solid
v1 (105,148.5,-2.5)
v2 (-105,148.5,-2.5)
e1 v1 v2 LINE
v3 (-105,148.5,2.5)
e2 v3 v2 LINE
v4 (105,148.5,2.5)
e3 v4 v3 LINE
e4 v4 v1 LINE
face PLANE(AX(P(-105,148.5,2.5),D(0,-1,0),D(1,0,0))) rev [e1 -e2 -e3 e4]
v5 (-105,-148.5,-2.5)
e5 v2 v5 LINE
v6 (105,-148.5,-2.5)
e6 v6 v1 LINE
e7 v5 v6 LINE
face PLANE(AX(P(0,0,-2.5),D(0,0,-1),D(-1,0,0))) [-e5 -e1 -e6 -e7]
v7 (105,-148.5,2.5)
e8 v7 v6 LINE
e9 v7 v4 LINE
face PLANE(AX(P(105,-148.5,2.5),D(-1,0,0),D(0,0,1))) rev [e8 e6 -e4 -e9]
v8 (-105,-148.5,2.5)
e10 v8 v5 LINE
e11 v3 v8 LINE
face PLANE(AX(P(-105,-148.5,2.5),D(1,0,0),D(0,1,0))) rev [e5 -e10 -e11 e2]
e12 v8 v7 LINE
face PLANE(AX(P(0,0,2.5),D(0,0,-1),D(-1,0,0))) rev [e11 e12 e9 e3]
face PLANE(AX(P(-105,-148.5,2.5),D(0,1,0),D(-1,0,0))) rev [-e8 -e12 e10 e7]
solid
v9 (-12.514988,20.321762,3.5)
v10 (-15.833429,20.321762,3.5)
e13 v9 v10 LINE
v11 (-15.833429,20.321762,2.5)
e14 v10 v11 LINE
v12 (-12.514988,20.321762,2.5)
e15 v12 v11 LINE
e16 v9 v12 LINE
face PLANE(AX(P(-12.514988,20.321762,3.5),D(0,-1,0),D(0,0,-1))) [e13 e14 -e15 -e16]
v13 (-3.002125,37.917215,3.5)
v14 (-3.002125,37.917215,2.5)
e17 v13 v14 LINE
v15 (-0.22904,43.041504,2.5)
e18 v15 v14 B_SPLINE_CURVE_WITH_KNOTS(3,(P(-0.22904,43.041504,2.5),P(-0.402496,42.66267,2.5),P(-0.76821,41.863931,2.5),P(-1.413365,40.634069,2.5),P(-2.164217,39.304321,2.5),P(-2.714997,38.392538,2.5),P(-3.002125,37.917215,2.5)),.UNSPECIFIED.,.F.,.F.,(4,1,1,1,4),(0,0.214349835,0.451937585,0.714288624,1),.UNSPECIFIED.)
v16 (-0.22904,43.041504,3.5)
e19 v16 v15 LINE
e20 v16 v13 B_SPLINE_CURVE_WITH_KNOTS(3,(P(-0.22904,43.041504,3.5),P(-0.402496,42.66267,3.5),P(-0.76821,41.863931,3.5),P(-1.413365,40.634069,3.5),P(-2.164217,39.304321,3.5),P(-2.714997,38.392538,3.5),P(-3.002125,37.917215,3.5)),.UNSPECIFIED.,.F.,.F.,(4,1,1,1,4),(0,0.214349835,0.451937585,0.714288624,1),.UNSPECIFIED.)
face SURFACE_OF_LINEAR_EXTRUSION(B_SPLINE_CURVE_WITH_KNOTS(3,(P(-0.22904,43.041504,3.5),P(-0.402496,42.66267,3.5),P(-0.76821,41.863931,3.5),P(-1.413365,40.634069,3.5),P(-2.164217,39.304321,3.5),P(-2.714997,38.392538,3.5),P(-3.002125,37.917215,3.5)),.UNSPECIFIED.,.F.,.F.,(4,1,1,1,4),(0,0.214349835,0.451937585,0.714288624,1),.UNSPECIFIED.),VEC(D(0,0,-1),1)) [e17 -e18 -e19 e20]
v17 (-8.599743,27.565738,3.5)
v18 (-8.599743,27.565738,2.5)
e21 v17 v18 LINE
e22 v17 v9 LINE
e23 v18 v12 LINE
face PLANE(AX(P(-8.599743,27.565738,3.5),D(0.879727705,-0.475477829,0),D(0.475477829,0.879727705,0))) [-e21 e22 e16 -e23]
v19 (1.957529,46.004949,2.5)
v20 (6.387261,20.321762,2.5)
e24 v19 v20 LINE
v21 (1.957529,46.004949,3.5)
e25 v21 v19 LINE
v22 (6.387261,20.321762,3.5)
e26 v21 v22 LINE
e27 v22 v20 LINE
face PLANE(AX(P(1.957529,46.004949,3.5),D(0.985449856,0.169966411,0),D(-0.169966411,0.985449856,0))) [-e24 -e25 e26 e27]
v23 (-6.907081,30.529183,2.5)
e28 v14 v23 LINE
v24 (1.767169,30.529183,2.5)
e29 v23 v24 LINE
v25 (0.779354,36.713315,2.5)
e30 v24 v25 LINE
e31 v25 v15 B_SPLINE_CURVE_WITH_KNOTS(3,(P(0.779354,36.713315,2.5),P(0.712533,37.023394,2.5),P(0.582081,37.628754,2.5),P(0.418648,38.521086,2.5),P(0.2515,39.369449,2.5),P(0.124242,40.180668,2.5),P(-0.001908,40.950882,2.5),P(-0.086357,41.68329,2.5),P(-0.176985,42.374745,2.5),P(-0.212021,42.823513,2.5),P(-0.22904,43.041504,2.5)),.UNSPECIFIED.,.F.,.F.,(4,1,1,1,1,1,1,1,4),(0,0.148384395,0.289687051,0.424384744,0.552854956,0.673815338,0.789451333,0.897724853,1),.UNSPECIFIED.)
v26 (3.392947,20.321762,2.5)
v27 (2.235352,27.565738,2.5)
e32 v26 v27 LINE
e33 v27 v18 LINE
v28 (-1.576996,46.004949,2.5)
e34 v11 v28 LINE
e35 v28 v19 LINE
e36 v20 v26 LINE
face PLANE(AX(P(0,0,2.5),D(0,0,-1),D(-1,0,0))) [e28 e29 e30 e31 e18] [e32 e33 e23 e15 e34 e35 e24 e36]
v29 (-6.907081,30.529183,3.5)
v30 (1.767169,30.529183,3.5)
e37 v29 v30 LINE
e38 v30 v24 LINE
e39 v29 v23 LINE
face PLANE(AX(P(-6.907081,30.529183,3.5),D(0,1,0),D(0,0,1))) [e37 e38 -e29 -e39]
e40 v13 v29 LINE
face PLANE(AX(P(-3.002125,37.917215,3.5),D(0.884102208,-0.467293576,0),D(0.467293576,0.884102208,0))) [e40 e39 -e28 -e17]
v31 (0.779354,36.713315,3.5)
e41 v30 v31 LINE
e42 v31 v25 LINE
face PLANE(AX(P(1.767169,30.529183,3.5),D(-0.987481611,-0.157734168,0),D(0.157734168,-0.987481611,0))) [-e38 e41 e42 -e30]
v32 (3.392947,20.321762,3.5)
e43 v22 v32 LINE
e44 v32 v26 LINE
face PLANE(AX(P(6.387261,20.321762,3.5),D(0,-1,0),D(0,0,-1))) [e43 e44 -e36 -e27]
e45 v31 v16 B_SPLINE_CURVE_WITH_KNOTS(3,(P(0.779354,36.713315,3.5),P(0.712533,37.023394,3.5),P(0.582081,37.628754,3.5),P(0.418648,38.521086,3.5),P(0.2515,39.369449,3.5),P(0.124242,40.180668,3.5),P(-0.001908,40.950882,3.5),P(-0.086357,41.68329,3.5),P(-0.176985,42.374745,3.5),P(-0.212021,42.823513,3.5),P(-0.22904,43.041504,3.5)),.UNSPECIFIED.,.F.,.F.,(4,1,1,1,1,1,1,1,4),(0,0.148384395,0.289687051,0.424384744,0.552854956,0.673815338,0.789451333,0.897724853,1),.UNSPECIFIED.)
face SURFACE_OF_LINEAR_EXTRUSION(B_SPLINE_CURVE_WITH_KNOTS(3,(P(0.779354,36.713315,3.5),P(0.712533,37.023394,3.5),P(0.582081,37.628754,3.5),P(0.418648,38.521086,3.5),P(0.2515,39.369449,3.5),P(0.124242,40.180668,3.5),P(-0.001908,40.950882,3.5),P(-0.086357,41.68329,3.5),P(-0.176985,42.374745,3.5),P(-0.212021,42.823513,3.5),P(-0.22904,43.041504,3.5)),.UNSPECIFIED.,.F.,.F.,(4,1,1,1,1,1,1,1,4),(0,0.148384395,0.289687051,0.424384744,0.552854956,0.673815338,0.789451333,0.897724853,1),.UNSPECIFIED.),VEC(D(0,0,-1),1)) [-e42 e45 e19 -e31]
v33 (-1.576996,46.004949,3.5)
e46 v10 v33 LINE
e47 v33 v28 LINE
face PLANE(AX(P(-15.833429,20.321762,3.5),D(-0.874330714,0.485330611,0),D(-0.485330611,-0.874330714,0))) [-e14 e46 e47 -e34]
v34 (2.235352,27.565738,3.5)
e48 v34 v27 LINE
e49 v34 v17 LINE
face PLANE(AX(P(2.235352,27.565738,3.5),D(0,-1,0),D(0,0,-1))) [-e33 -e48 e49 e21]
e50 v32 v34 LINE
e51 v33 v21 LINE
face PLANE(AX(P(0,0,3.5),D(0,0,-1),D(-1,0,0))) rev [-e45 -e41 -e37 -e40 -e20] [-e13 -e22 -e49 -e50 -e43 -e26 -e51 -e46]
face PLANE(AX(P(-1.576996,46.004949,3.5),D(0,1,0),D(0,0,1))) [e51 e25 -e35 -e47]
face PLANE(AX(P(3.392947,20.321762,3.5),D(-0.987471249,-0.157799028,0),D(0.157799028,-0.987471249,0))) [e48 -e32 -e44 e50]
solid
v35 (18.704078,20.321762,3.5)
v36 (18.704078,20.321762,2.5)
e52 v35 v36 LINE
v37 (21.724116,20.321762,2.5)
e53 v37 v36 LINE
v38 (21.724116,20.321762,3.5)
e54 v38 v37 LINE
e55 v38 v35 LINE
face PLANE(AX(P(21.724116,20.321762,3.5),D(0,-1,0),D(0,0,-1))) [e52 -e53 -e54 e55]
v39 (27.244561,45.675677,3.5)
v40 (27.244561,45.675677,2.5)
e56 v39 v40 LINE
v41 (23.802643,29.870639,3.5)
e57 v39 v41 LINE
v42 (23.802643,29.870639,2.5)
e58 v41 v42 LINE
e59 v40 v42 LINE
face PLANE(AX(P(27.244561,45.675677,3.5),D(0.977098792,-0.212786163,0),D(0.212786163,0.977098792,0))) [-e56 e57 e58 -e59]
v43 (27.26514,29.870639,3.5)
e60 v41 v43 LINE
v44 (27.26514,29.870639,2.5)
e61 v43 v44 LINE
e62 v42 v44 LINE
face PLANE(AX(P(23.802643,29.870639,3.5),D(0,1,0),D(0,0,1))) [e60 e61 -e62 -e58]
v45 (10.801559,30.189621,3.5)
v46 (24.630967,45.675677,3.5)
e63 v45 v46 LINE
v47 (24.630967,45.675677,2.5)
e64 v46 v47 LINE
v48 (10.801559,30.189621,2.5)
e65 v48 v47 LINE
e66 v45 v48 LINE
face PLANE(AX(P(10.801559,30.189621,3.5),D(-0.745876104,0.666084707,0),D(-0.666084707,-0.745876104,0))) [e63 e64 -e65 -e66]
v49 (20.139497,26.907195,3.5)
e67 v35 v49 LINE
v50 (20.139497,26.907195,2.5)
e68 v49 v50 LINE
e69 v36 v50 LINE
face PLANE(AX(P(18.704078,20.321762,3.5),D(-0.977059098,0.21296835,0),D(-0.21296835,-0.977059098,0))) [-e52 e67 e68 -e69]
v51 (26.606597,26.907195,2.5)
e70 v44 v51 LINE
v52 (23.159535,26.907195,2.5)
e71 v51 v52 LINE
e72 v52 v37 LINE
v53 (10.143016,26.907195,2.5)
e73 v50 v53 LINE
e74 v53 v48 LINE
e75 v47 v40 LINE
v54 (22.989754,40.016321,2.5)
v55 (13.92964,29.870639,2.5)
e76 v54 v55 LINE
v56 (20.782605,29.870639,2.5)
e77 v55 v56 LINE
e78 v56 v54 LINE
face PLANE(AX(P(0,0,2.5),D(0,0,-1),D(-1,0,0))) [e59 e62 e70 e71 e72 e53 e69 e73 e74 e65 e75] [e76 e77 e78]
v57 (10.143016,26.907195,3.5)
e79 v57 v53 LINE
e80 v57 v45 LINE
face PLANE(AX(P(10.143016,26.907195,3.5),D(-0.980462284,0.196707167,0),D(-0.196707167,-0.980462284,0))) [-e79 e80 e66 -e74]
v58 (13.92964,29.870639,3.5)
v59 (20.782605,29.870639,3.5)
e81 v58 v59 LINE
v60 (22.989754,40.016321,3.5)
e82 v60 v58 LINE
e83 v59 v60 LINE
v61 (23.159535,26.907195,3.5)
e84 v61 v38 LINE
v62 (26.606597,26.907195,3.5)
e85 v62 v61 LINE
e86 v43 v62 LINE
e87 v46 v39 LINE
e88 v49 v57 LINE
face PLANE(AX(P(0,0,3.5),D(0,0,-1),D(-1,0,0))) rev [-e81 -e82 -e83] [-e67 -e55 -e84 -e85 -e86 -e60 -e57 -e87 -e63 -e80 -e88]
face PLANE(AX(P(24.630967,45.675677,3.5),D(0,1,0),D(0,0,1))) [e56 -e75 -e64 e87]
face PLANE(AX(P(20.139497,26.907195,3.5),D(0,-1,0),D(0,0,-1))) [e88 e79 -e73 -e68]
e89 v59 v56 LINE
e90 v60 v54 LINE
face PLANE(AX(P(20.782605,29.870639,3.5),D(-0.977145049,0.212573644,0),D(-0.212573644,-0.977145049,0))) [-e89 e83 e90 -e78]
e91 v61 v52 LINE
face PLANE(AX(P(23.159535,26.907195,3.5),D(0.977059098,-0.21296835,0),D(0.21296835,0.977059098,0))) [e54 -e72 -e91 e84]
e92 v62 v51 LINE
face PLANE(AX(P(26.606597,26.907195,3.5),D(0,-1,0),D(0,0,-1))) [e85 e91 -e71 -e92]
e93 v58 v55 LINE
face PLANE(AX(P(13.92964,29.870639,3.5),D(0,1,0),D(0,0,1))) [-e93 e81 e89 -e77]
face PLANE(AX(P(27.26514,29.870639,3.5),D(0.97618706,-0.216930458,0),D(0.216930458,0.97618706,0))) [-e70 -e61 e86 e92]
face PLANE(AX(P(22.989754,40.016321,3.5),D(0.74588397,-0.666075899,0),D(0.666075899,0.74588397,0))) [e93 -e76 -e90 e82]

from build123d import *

# Parameters (mm, degrees)
SKETCH_1_W        = 210
SKETCH_1_H        = 297
EXTRUDE_1_DEPTH   = 2.5
EXTRUDE_4_DEPTH   = 1
EXTRUDE_4_2_DEPTH = 1


with BuildPart() as part:
    # Эскиз1 → Бобышка-Вытянуть1 (new, symmetric)
    with BuildSketch(Plane.XY):
        Rectangle(SKETCH_1_W, SKETCH_1_H)
    extrude(amount=EXTRUDE_1_DEPTH, both=True)


with BuildPart() as body_2:
    # Эскиз3 → Бобышка-Вытянуть4 (new body)
    with BuildSketch(Plane.XY.offset(2.5)):
        Polygon((-15.83342859, 20.32176214), (-1.576996147, 46.004948989), (1.957528966, 46.004948989), (6.387261314, 20.32176214), (3.392947462, 20.32176214), (2.235351901, 27.565737918), (-8.599742551, 27.565737918), (-12.514987982, 20.32176214), align=None)
        with BuildLine():
            Line((-6.907080597, 30.529182554), (1.767168807, 30.529182554))
            Line((1.767168807, 30.529182554), (0.779353929, 36.713315285))
            add(Edge.make_bspline(
                [(0.779353929, 36.713315285), (0.712533382, 37.023394355), (0.582081342, 37.628753776), (0.418647768, 38.521085999), (0.251500229, 39.369449286), (0.124242409, 40.180667833), (-0.001907587, 40.950882353), (-0.086357291, 41.68329044), (-0.176984948, 42.374744734), (-0.212021321, 42.823512834), (-0.229040427, 43.041504353)],
                knots=[0, 0, 0, 0, 1.187075157, 2.317496411, 3.39507795, 4.42283965, 5.390522706, 6.315610667, 7.18179882, 8, 8, 8, 8], degree=3))
            add(Edge.make_bspline(
                [(-0.229040427, 43.041504353), (-0.402495517, 42.662669814), (-0.768210165, 41.863930844), (-1.41336508, 40.634068736), (-2.16421726, 39.304320997), (-2.71499697, 38.392537906), (-3.002124904, 37.917214669)],
                knots=[0, 0, 0, 0, 0.85739934, 1.807750339, 2.857154497, 4, 4, 4, 4], degree=3))
            Line((-3.002124904, 37.917214669), (-6.907080597, 30.529182554))
        make_face(mode=Mode.SUBTRACT)
    extrude(amount=EXTRUDE_4_DEPTH)


with BuildPart() as body_3:
    # Эскиз3 → Extrude 4 2 (new body)
    with BuildSketch(Plane.XY.offset(2.5)):
        Polygon((18.704078084, 20.32176214), (20.139496579, 26.907194665), (10.143015801, 26.907194665), (10.801559053, 30.18962119), (24.630967356, 45.675677363), (27.24456089, 45.675677363), (23.802643422, 29.870639302), (27.265140367, 29.870639302), (26.606597114, 26.907194665), (23.159534777, 26.907194665), (21.724116281, 20.32176214), align=None)
        Polygon((20.782605224, 29.870639302), (22.989754094, 40.016321286), (13.929639503, 29.870639302), align=None, mode=Mode.SUBTRACT)
    extrude(amount=EXTRUDE_4_2_DEPTH)


solid = Compound([part.part, body_2.part, body_3.part])
